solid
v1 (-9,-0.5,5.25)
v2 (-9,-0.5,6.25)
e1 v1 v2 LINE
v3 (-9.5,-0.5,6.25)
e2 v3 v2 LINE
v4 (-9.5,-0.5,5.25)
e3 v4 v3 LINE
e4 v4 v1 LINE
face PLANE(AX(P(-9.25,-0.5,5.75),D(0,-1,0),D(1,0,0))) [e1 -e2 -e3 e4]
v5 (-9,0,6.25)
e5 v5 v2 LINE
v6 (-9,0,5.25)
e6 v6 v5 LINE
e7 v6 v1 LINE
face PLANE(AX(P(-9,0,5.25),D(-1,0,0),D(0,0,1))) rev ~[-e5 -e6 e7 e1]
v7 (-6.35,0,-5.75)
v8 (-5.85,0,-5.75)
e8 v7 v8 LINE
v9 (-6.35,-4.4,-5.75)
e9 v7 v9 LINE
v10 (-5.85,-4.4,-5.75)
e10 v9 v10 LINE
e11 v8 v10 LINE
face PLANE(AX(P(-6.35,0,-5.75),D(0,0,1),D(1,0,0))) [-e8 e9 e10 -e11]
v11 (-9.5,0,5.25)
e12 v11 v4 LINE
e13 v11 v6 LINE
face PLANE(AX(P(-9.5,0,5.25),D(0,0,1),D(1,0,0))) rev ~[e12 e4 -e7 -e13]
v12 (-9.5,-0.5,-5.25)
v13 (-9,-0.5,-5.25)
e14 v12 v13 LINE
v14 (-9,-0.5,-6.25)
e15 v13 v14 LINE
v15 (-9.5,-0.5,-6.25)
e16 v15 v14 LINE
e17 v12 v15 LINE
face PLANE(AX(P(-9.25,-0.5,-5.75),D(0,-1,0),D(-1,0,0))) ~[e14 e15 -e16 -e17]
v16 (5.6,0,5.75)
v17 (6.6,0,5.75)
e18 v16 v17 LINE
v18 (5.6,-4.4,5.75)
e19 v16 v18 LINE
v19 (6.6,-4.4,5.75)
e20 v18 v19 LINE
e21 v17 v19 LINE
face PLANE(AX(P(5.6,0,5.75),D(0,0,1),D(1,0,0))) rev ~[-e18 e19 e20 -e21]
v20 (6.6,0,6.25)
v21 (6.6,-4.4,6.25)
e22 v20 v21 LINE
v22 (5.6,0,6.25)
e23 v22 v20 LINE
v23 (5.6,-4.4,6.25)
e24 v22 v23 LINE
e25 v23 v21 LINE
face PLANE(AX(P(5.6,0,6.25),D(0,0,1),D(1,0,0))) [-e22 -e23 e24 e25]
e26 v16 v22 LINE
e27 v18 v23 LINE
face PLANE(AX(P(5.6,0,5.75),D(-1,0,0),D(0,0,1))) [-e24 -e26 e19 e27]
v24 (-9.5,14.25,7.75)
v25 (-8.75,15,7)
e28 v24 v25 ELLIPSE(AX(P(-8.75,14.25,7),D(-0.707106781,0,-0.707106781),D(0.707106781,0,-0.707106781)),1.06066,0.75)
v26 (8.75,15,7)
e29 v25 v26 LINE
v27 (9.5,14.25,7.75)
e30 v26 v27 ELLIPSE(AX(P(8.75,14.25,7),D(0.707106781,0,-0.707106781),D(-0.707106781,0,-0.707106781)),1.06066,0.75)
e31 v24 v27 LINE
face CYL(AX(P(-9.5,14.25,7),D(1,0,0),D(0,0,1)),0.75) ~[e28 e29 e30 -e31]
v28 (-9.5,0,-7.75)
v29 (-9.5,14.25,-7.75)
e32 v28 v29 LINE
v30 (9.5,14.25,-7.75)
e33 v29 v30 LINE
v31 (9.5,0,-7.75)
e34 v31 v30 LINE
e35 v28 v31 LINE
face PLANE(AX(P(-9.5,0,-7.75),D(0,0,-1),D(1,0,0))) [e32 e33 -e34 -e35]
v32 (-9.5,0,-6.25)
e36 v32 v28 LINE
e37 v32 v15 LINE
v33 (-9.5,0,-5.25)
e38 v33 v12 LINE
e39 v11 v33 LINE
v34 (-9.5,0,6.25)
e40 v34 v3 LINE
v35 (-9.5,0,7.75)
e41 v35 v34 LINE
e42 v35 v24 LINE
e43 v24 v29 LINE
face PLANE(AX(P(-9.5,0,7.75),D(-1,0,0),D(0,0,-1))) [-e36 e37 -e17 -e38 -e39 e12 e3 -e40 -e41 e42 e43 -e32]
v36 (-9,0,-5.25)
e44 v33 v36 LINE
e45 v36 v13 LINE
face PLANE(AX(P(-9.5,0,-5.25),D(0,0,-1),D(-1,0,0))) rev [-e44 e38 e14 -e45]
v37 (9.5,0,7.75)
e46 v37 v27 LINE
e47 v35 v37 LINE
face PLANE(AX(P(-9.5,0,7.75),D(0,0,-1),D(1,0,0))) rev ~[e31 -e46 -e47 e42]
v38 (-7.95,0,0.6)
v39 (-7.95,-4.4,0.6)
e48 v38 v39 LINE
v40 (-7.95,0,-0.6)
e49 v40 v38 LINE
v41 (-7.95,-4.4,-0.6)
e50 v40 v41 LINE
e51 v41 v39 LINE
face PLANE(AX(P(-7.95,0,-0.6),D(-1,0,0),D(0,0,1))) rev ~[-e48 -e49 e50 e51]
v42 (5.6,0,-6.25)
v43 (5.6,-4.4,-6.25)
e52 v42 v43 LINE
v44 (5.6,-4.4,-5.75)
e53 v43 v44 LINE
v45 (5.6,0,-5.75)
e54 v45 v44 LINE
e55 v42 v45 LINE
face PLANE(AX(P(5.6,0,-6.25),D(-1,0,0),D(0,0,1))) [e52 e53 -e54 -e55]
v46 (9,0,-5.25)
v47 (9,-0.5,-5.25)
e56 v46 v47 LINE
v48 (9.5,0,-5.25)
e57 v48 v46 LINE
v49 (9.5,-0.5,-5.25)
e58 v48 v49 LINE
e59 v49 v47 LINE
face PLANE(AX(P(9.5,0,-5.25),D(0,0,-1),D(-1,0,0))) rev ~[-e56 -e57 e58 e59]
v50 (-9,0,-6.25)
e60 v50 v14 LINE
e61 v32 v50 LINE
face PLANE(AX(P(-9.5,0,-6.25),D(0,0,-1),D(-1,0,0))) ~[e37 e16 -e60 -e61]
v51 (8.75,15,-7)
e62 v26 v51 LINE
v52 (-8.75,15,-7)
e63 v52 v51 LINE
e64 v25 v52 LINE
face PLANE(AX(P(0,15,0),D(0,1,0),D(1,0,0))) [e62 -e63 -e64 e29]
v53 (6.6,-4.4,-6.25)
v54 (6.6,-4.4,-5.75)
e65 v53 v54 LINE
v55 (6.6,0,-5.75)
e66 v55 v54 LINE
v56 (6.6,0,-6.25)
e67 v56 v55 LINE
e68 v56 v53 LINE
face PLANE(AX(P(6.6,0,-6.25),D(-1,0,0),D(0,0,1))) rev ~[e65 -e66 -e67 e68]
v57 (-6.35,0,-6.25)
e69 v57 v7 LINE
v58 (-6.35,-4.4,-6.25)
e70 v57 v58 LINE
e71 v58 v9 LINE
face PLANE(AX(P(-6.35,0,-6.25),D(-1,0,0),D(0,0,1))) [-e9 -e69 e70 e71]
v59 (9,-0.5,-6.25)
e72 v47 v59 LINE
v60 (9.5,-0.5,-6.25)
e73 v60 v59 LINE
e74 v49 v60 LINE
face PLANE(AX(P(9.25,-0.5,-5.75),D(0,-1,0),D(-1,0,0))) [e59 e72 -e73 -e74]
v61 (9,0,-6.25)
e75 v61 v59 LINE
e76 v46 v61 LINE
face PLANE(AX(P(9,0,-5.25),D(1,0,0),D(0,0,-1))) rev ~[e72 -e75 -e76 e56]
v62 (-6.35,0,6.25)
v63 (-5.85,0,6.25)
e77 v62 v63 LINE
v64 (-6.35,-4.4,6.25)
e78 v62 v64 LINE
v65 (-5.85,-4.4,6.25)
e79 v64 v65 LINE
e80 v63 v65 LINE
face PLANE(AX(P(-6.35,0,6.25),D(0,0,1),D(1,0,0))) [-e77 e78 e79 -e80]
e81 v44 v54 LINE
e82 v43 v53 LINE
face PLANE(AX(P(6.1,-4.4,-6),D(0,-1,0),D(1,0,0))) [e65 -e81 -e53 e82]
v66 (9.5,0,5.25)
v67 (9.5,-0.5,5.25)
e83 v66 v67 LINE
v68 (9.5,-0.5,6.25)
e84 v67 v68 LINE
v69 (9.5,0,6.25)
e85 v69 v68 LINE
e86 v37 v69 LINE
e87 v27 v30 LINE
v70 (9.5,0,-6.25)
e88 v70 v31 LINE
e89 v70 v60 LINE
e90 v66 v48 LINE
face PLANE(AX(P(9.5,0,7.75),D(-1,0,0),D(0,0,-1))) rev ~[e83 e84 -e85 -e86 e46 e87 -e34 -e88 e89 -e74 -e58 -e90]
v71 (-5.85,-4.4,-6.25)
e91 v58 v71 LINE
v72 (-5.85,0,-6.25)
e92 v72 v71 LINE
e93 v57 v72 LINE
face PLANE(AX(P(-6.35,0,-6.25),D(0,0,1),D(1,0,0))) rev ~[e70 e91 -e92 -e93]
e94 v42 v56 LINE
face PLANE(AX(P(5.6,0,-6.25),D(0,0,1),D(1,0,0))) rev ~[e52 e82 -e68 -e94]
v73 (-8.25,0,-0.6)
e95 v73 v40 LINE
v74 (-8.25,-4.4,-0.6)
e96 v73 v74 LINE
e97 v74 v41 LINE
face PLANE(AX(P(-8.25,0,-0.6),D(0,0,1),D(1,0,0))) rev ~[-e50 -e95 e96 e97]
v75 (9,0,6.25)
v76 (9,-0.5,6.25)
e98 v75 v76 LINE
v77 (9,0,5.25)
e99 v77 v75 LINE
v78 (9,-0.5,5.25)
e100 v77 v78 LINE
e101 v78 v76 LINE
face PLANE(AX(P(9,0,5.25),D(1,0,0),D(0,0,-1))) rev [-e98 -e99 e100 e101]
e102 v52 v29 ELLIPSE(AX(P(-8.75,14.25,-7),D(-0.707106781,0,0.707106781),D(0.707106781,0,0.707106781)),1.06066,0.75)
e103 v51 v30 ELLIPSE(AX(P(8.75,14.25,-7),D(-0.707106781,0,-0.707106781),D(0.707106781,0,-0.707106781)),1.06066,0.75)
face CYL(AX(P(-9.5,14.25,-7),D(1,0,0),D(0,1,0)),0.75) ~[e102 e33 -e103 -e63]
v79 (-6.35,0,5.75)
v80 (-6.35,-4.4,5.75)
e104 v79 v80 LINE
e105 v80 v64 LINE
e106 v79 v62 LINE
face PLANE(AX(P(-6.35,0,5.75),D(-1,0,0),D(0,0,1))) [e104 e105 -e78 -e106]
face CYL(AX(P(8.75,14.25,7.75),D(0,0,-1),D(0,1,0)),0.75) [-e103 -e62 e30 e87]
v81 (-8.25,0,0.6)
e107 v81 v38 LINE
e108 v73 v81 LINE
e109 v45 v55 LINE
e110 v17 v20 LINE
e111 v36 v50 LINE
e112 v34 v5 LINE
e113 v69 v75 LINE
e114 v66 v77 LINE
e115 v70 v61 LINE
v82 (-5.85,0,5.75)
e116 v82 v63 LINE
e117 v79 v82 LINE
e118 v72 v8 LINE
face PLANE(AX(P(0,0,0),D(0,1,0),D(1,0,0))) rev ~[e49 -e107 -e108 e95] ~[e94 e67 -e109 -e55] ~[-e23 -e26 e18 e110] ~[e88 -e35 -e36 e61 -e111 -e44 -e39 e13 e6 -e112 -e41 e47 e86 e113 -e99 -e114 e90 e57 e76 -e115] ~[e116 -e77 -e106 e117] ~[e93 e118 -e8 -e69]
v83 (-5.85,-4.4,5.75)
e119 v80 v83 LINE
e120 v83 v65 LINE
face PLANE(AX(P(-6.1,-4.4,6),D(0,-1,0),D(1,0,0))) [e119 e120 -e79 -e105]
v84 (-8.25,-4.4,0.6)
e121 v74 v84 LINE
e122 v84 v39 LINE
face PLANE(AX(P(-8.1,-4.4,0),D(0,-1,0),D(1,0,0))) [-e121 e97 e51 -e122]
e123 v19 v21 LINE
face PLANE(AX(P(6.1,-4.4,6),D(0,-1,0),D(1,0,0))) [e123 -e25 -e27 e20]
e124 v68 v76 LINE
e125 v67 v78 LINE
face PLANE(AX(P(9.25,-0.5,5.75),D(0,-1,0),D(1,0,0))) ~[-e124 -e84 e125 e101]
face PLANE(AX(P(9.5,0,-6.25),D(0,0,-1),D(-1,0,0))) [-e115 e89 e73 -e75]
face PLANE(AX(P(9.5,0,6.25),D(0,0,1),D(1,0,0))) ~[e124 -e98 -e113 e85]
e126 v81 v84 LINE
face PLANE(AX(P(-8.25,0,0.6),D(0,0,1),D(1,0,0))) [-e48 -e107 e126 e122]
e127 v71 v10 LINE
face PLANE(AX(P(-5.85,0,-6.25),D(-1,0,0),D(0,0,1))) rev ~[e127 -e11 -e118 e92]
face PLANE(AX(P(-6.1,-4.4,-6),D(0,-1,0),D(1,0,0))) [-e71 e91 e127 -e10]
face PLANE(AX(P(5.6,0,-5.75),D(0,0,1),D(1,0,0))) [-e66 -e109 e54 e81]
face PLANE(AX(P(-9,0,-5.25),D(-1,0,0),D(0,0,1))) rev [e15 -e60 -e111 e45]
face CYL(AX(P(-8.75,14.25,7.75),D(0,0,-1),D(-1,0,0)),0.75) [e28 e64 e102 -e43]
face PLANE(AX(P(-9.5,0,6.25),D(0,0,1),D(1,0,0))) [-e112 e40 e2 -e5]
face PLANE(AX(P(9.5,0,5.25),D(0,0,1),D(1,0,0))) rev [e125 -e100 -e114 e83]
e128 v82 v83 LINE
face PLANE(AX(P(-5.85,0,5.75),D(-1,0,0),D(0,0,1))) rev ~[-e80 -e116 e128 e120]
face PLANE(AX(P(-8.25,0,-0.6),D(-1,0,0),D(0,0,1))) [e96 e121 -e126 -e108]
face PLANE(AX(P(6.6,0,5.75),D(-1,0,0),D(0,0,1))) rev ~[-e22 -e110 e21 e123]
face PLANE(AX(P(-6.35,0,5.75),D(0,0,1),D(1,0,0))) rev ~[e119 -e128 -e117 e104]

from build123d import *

# Parameters (mm, degrees)
SKETCH1_W                         = 19
SKETCH1_H                         = 15.5
BASE_EXTRUSION_DEPTH              = 15
SKETCH2_W                         = 0.3
SKETCH2_H                         = 1.2
SKETCH2_W_2                       = 0.5
SKETCH2_H_2                       = 0.5
SKETCH2_W_3                       = 1
PINS_DEPTH                        = 4.4
SKETCH3_W                         = 0.5
SKETCH3_H                         = 1
STANDOFF_DEPTH                    = 0.5
STANDOFF_MIRROR_2_COPY_1_SKETCH_W = 0.5
STANDOFF_MIRROR_2_COPY_1_SKETCH_H = 1
STANDOFF_MIRROR_2_COPY_1_DEPTH    = 0.5
TOP_EDGE_ROUNDS_R                 = 0.75


with BuildPart() as part:
    # Sketch1 → Base Extrusion (new body)
    with BuildSketch(Plane(origin=(0, 0, 0), x_dir=(1, 0, 0), z_dir=(0, 1, 0))):
        Rectangle(SKETCH1_W, SKETCH1_H)
    extrude(amount=BASE_EXTRUSION_DEPTH)

    # Sketch2 → Pins (add)
    with BuildSketch(Plane.XZ):
        with Locations((-8.1, 0)):
            Rectangle(SKETCH2_W, SKETCH2_H)
        with Locations((-6.1, -6)):
            Rectangle(SKETCH2_W_2, SKETCH2_H_2)
        with Locations((-6.1, 6)):
            Rectangle(SKETCH2_W_2, SKETCH2_H_2)
        with Locations((6.1, 6)):
            Rectangle(SKETCH2_W_3, SKETCH2_H_2)
        with Locations((6.1, -6)):
            Rectangle(SKETCH2_W_3, SKETCH2_H_2)
    extrude(amount=PINS_DEPTH)

    # Sketch3 → Standoff (add)
    with BuildSketch(Plane.XZ):
        with Locations((-9.25, 5.75)):
            Rectangle(SKETCH3_W, SKETCH3_H)
    standoff = extrude(amount=STANDOFF_DEPTH)

    # Standoff Mirror: Standoff across plane
    add(standoff.mirror(Plane.XY))

    # Standoff Mirror 2: Standoff across plane
    add(standoff.mirror(Plane(origin=(0, 0, 0), x_dir=(0, 0, 1), z_dir=(1, 0, 0))))

    # Standoff Mirror 2 copy 1 sketch → Standoff Mirror 2 copy 1 (add)
    with BuildSketch(Plane(origin=(0, 0, 0), x_dir=(-1, 0, 0), z_dir=(0, -1, 0))):
        with Locations((-9.25, 5.75)):
            Rectangle(STANDOFF_MIRROR_2_COPY_1_SKETCH_W, STANDOFF_MIRROR_2_COPY_1_SKETCH_H)
    extrude(amount=STANDOFF_MIRROR_2_COPY_1_DEPTH)

    # Top Edge Rounds
    top_edge_rounds_edges = [part.edges().sort_by_distance(p)[0] for p in [
        (9.5, 15, 0),
        (0, 15, -7.75),
        (-9.5, 15, 0),
        (0, 15, 7.75),
    ]]
    fillet(top_edge_rounds_edges, radius=TOP_EDGE_ROUNDS_R)


solid = part.part
